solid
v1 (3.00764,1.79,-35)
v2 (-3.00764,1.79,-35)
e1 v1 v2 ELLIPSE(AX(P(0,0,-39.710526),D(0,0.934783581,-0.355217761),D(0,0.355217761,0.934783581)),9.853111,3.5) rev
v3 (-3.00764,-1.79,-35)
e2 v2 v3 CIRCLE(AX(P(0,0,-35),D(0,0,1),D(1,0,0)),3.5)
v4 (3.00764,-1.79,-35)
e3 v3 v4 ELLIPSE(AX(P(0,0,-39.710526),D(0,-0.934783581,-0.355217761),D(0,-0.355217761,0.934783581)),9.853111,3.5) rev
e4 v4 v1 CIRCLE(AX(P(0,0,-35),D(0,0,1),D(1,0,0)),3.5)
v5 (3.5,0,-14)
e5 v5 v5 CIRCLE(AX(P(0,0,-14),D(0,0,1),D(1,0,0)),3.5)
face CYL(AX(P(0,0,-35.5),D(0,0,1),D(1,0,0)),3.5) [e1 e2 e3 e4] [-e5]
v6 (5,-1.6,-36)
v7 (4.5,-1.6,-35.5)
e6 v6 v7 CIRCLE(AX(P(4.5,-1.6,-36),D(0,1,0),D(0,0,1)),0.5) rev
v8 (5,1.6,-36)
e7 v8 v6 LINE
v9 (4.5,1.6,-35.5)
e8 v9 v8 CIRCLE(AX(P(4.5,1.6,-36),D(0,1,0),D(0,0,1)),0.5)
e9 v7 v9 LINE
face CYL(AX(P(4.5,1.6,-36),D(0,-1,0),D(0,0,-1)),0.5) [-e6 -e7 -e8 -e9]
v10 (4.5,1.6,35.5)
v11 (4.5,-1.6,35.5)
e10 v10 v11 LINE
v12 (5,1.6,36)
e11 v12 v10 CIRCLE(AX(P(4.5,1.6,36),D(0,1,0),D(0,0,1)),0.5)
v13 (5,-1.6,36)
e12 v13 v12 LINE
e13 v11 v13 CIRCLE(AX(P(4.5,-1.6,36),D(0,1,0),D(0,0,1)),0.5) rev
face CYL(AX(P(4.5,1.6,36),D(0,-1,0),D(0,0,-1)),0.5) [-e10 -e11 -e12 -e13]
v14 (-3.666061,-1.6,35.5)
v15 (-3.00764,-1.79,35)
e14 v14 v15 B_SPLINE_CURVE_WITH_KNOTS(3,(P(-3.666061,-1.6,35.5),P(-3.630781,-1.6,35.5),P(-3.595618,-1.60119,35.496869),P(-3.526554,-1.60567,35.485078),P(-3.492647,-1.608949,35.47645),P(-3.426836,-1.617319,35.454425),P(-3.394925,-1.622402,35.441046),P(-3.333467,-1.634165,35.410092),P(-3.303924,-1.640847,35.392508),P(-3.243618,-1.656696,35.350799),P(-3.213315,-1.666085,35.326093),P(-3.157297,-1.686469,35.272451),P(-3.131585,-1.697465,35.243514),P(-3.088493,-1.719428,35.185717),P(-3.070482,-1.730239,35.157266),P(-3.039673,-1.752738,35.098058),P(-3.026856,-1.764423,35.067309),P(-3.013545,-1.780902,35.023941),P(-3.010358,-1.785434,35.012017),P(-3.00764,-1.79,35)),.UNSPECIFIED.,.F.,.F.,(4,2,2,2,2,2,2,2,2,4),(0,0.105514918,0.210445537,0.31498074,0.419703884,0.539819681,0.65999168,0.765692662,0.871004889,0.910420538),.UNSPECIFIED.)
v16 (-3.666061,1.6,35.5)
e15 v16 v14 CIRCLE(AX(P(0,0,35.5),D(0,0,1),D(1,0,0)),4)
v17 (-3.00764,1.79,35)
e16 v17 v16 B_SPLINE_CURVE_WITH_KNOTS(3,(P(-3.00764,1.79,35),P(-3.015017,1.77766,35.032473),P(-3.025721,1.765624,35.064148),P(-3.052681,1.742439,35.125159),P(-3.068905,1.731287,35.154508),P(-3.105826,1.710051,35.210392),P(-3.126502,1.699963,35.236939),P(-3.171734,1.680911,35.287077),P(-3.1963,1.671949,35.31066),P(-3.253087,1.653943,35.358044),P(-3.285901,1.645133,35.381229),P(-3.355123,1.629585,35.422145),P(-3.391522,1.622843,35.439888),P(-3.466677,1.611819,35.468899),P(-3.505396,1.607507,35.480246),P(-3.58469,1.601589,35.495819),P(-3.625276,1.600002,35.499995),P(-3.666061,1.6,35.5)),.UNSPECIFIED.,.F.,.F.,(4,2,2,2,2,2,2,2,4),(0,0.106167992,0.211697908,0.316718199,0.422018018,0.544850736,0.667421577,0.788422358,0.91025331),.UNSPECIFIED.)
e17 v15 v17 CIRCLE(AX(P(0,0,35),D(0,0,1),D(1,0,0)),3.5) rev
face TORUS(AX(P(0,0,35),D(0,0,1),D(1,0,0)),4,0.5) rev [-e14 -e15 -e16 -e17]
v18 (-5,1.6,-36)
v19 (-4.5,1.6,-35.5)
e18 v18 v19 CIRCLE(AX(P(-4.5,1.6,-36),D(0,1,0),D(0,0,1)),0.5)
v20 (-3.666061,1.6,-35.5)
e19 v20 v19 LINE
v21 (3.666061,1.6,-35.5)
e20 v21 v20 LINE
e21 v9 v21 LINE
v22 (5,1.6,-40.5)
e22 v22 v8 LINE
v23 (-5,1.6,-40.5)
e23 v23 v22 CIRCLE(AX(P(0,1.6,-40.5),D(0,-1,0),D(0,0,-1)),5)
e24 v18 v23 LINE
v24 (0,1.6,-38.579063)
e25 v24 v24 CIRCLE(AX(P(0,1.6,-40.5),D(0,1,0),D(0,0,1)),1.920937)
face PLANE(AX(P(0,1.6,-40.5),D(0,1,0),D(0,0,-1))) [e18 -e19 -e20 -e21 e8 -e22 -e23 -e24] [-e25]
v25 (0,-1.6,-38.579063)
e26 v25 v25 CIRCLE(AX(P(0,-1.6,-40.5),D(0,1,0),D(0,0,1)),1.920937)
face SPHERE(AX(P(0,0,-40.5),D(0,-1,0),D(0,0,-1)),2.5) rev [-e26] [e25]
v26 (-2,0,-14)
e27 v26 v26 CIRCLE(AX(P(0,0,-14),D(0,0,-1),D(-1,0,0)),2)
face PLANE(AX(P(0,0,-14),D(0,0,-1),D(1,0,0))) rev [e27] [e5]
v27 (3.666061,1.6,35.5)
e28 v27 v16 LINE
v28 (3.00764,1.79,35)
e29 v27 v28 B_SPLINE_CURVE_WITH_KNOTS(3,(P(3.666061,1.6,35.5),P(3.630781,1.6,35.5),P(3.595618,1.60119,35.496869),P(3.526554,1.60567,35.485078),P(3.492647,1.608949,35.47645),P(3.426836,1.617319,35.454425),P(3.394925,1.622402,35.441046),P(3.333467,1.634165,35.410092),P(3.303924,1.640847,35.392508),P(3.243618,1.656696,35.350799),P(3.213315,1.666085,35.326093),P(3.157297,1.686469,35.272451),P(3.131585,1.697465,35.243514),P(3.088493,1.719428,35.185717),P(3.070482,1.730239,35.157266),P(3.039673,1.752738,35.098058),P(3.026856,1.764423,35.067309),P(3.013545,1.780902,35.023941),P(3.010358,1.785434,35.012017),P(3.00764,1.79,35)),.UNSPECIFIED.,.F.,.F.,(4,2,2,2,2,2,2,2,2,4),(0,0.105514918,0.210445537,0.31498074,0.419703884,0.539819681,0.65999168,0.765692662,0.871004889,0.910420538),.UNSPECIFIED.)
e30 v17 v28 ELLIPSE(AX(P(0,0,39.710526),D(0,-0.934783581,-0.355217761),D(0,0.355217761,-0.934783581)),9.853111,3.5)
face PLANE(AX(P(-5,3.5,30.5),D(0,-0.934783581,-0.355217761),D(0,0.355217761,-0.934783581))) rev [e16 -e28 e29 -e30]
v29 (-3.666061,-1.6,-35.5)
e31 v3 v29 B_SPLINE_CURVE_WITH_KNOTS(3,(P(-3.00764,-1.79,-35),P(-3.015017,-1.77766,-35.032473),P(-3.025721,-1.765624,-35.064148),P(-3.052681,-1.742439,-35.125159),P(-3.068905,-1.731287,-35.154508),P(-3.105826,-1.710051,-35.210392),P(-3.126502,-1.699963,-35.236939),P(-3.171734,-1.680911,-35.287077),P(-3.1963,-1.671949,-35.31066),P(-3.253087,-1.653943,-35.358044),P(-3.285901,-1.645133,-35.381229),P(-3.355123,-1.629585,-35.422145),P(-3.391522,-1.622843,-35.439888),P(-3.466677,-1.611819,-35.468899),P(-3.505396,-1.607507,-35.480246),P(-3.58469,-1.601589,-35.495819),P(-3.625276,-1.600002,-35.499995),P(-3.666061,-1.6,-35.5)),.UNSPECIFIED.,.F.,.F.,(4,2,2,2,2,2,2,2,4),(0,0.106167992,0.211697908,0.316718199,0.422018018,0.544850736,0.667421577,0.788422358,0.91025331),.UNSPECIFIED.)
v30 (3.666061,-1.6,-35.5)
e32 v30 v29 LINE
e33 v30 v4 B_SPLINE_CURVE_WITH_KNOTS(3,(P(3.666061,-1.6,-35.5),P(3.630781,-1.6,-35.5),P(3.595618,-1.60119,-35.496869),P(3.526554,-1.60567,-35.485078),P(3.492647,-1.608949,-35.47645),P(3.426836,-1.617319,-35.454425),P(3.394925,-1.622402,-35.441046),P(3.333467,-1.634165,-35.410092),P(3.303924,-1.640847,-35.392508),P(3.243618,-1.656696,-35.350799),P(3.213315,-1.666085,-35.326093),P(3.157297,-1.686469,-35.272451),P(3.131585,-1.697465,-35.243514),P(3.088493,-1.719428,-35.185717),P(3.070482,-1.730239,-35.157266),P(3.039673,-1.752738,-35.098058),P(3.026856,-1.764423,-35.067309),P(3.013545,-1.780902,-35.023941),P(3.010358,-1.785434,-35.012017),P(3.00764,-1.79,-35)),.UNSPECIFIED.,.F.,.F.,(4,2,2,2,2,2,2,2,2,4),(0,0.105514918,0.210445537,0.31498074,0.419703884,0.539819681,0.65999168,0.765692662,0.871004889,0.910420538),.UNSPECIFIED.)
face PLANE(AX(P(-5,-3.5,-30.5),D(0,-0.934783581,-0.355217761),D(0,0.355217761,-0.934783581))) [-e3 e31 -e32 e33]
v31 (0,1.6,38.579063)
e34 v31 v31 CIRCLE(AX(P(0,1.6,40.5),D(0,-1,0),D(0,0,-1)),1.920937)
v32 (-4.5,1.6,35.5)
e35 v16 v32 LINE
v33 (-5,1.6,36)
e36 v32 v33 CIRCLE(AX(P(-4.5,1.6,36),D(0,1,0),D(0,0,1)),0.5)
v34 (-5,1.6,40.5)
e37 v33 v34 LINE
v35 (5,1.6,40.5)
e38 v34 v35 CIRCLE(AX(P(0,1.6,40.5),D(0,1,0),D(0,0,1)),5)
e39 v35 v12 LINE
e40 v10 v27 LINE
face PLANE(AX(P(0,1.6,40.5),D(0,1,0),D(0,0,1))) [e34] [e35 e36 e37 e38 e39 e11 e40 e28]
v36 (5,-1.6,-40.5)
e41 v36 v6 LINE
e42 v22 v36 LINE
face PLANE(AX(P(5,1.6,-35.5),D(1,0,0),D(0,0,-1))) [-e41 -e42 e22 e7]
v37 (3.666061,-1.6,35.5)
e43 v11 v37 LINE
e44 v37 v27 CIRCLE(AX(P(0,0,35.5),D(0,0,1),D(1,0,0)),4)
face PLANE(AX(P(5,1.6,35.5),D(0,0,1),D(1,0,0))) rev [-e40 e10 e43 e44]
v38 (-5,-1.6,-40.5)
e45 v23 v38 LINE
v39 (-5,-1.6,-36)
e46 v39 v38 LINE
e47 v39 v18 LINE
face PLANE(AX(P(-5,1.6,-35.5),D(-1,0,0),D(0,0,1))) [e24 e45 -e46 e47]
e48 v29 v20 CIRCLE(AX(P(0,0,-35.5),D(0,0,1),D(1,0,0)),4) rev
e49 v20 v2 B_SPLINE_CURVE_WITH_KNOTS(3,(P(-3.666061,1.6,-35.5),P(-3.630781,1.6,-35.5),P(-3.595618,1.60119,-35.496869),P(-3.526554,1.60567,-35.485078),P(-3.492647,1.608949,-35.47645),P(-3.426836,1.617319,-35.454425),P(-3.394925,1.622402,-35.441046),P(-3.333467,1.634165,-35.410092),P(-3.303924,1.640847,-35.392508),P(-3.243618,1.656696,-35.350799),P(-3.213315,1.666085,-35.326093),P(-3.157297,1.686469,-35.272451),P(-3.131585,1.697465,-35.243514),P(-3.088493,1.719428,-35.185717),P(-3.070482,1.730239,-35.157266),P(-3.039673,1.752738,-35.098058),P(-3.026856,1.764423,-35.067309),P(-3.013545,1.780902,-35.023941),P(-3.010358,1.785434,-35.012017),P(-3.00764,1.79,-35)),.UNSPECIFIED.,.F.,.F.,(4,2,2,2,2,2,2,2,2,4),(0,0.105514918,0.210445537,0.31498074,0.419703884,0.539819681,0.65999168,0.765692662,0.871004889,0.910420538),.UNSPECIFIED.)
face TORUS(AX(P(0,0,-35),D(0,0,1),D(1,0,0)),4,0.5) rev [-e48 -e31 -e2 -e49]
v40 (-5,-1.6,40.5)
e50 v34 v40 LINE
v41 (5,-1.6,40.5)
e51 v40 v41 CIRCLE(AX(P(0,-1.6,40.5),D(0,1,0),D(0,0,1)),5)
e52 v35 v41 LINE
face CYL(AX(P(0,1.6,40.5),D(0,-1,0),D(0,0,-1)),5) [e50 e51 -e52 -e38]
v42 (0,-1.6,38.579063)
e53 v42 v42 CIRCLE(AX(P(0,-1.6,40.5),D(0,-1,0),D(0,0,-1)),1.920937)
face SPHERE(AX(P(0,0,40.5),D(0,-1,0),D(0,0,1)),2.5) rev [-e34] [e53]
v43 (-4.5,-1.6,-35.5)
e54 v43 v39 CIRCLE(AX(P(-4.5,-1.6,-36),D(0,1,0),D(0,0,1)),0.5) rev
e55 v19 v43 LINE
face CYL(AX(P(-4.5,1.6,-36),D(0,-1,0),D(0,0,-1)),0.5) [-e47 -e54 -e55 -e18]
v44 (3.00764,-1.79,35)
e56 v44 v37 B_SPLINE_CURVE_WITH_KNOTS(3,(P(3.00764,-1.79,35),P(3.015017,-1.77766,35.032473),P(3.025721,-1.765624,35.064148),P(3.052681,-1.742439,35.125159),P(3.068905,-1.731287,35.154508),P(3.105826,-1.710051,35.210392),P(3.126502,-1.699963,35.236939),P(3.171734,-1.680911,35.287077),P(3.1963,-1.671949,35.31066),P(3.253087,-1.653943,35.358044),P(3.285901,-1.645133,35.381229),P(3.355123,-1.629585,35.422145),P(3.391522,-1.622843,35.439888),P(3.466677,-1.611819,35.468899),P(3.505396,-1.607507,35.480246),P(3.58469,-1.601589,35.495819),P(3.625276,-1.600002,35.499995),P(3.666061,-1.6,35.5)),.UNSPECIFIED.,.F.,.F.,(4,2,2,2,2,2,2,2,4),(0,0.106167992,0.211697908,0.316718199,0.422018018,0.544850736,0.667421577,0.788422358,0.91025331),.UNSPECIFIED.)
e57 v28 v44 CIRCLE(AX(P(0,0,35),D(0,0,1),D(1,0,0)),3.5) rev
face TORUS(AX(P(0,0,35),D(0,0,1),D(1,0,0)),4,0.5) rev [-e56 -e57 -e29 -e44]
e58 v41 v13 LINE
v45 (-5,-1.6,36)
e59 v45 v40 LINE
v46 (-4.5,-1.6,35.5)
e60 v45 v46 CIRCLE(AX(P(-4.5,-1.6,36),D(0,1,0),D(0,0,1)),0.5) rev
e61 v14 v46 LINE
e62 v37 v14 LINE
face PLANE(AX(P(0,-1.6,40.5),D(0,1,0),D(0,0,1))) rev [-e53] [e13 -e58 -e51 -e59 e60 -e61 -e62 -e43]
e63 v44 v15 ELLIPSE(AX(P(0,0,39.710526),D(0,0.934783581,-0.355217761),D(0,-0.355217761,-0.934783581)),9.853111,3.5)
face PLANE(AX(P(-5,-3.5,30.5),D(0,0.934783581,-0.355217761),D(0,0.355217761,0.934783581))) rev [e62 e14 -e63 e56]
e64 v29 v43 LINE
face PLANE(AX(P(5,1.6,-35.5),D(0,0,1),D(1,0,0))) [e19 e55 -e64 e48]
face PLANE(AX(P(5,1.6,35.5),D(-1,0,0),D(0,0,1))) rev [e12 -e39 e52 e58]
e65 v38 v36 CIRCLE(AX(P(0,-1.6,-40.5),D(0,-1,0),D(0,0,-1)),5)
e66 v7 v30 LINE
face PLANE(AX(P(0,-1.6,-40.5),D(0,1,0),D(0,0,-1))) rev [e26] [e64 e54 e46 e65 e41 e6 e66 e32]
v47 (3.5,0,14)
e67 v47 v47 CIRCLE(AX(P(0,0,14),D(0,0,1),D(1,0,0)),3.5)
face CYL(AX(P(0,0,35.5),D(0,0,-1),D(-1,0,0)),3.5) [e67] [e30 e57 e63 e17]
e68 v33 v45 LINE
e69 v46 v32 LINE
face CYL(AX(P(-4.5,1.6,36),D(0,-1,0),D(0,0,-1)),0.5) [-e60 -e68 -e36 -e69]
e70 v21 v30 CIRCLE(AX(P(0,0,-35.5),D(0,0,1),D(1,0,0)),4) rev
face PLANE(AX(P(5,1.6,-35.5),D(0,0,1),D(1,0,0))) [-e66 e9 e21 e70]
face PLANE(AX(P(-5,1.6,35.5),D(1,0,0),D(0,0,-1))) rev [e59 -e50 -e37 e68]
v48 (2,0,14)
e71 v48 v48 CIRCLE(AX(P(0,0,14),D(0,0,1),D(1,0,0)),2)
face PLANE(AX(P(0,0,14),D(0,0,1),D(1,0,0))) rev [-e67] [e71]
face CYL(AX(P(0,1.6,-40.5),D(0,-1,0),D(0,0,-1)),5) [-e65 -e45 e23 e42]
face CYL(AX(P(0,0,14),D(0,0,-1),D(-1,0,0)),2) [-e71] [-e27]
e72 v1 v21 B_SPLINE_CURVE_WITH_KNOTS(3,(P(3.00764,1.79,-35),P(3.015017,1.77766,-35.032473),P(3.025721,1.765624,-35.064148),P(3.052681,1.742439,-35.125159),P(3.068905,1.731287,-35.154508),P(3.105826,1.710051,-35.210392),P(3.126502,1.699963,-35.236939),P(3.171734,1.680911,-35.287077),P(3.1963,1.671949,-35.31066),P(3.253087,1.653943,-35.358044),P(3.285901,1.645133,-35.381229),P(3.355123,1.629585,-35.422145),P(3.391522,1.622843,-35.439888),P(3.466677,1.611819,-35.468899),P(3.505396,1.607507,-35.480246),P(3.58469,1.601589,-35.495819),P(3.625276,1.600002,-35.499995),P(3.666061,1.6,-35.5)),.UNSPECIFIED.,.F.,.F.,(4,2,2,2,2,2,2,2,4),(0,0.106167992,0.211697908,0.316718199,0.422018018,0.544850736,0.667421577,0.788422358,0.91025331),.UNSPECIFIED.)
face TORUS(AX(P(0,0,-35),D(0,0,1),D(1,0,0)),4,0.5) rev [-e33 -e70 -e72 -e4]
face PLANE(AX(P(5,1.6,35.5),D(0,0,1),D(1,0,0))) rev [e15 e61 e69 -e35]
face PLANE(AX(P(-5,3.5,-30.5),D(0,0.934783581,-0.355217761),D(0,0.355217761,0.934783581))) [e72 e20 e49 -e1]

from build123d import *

# Parameters (mm, degrees)
SKETCH1_R                  = 2
SCREW_SECTION_DEPTH        = 14
SKETCH2_R                  = 3.5
BAR_SECTION_DEPTH          = 21.5
MOUNT_SECTION_DEPTH        = 1.6
BAR_TAPER_DEPTH            = 6
MOUNT_FILLET_R             = 0.5
MOUNT_FILLET_OF_MIRROR_2_R = 0.5


with BuildPart() as part:
    # Sketch1 → Screw Section (new body)
    with BuildSketch(Plane.XY):
        Circle(SKETCH1_R)
    screw_section = extrude(amount=SCREW_SECTION_DEPTH)

    # Sketch2 → Bar Section (add)
    with BuildSketch(Plane.XY.offset(14)):
        Circle(SKETCH2_R)
    bar_section = extrude(amount=BAR_SECTION_DEPTH)

    # Sketch3 → Mount Section (add, symmetric)
    with BuildSketch(Plane(origin=(0, 0, 0), x_dir=(1, 0, 0), z_dir=(0, 1, 0))):
        with BuildLine():
            Line((5, -35.5), (-5, -35.5))
            Line((-5, -35.5), (-5, -40.5))
            ThreePointArc((-5, -40.5), (0, -45.5), (5, -40.5))
            Line((5, -40.5), (5, -35.5))
        make_face()
    mount_section = extrude(amount=MOUNT_SECTION_DEPTH, both=True)

    # Sketch4 → Bar Taper (cut, symmetric)
    with BuildSketch(Plane(origin=(0, 0, 0), x_dir=(0, 0, -1), z_dir=(1, 0, 0))):
        Polygon((-30.5, -3.5), (-35.5, -1.6), (-35.5, -3.5), align=None)
        Polygon((-30.5, 3.5), (-35.5, 1.6), (-35.5, 3.5), align=None)
    bar_taper = extrude(amount=BAR_TAPER_DEPTH, both=True, mode=Mode.SUBTRACT)

    # Mount Fillet
    mount_fillet_edges = [part.edges().sort_by_distance(p)[0] for p in [
        (-5, 0, 35.5),
        (3.401842713, -0.823083322, 35.5),
        (-3.5, 0, 35.5),
        (5, 0, 35.5),
    ]]
    fillet(mount_fillet_edges, radius=MOUNT_FILLET_R)

    # Sketch6 → Ball Hole (revolve, cut)
    with BuildSketch(Plane(origin=(0, 0, 0), x_dir=(0, 0, -1), z_dir=(1, 0, 0))):
        with BuildLine():
            Line((-42.420937271, -1.6), (-40.5, -1.6))
            Line((-40.5, -1.6), (-40.5, 1.6))
            Line((-40.5, 1.6), (-42.420937271, 1.6))
            ThreePointArc((-42.420937271, 1.6), (-43, 0), (-42.420937271, -1.6))
        make_face()
    ball_hole = revolve(axis=Axis((0, -1.6, 40.5), (0, 1, 0)), mode=Mode.SUBTRACT)

    # Mirror 2: Screw Section, Bar Section, Mount Section, Bar Taper, Ball Hole across Front Plane
    add(screw_section.mirror(Plane.XY))
    add(bar_section.mirror(Plane.XY))
    add(mount_section.mirror(Plane.XY))
    add(bar_taper.mirror(Plane.XY), mode=Mode.SUBTRACT)
    add(ball_hole.mirror(Plane.XY), mode=Mode.SUBTRACT)

    # Mount Fillet of Mirror 2
    mount_fillet_of_mirror_2_edges = [part.edges().sort_by_distance(p)[0] for p in [
        (-5, 0, -35.5),
        (3.401842713, -0.823083322, -35.5),
        (-3.5, 0, -35.5),
        (5, 0, -35.5),
    ]]
    fillet(mount_fillet_of_mirror_2_edges, radius=MOUNT_FILLET_OF_MIRROR_2_R)


solid = part.part
